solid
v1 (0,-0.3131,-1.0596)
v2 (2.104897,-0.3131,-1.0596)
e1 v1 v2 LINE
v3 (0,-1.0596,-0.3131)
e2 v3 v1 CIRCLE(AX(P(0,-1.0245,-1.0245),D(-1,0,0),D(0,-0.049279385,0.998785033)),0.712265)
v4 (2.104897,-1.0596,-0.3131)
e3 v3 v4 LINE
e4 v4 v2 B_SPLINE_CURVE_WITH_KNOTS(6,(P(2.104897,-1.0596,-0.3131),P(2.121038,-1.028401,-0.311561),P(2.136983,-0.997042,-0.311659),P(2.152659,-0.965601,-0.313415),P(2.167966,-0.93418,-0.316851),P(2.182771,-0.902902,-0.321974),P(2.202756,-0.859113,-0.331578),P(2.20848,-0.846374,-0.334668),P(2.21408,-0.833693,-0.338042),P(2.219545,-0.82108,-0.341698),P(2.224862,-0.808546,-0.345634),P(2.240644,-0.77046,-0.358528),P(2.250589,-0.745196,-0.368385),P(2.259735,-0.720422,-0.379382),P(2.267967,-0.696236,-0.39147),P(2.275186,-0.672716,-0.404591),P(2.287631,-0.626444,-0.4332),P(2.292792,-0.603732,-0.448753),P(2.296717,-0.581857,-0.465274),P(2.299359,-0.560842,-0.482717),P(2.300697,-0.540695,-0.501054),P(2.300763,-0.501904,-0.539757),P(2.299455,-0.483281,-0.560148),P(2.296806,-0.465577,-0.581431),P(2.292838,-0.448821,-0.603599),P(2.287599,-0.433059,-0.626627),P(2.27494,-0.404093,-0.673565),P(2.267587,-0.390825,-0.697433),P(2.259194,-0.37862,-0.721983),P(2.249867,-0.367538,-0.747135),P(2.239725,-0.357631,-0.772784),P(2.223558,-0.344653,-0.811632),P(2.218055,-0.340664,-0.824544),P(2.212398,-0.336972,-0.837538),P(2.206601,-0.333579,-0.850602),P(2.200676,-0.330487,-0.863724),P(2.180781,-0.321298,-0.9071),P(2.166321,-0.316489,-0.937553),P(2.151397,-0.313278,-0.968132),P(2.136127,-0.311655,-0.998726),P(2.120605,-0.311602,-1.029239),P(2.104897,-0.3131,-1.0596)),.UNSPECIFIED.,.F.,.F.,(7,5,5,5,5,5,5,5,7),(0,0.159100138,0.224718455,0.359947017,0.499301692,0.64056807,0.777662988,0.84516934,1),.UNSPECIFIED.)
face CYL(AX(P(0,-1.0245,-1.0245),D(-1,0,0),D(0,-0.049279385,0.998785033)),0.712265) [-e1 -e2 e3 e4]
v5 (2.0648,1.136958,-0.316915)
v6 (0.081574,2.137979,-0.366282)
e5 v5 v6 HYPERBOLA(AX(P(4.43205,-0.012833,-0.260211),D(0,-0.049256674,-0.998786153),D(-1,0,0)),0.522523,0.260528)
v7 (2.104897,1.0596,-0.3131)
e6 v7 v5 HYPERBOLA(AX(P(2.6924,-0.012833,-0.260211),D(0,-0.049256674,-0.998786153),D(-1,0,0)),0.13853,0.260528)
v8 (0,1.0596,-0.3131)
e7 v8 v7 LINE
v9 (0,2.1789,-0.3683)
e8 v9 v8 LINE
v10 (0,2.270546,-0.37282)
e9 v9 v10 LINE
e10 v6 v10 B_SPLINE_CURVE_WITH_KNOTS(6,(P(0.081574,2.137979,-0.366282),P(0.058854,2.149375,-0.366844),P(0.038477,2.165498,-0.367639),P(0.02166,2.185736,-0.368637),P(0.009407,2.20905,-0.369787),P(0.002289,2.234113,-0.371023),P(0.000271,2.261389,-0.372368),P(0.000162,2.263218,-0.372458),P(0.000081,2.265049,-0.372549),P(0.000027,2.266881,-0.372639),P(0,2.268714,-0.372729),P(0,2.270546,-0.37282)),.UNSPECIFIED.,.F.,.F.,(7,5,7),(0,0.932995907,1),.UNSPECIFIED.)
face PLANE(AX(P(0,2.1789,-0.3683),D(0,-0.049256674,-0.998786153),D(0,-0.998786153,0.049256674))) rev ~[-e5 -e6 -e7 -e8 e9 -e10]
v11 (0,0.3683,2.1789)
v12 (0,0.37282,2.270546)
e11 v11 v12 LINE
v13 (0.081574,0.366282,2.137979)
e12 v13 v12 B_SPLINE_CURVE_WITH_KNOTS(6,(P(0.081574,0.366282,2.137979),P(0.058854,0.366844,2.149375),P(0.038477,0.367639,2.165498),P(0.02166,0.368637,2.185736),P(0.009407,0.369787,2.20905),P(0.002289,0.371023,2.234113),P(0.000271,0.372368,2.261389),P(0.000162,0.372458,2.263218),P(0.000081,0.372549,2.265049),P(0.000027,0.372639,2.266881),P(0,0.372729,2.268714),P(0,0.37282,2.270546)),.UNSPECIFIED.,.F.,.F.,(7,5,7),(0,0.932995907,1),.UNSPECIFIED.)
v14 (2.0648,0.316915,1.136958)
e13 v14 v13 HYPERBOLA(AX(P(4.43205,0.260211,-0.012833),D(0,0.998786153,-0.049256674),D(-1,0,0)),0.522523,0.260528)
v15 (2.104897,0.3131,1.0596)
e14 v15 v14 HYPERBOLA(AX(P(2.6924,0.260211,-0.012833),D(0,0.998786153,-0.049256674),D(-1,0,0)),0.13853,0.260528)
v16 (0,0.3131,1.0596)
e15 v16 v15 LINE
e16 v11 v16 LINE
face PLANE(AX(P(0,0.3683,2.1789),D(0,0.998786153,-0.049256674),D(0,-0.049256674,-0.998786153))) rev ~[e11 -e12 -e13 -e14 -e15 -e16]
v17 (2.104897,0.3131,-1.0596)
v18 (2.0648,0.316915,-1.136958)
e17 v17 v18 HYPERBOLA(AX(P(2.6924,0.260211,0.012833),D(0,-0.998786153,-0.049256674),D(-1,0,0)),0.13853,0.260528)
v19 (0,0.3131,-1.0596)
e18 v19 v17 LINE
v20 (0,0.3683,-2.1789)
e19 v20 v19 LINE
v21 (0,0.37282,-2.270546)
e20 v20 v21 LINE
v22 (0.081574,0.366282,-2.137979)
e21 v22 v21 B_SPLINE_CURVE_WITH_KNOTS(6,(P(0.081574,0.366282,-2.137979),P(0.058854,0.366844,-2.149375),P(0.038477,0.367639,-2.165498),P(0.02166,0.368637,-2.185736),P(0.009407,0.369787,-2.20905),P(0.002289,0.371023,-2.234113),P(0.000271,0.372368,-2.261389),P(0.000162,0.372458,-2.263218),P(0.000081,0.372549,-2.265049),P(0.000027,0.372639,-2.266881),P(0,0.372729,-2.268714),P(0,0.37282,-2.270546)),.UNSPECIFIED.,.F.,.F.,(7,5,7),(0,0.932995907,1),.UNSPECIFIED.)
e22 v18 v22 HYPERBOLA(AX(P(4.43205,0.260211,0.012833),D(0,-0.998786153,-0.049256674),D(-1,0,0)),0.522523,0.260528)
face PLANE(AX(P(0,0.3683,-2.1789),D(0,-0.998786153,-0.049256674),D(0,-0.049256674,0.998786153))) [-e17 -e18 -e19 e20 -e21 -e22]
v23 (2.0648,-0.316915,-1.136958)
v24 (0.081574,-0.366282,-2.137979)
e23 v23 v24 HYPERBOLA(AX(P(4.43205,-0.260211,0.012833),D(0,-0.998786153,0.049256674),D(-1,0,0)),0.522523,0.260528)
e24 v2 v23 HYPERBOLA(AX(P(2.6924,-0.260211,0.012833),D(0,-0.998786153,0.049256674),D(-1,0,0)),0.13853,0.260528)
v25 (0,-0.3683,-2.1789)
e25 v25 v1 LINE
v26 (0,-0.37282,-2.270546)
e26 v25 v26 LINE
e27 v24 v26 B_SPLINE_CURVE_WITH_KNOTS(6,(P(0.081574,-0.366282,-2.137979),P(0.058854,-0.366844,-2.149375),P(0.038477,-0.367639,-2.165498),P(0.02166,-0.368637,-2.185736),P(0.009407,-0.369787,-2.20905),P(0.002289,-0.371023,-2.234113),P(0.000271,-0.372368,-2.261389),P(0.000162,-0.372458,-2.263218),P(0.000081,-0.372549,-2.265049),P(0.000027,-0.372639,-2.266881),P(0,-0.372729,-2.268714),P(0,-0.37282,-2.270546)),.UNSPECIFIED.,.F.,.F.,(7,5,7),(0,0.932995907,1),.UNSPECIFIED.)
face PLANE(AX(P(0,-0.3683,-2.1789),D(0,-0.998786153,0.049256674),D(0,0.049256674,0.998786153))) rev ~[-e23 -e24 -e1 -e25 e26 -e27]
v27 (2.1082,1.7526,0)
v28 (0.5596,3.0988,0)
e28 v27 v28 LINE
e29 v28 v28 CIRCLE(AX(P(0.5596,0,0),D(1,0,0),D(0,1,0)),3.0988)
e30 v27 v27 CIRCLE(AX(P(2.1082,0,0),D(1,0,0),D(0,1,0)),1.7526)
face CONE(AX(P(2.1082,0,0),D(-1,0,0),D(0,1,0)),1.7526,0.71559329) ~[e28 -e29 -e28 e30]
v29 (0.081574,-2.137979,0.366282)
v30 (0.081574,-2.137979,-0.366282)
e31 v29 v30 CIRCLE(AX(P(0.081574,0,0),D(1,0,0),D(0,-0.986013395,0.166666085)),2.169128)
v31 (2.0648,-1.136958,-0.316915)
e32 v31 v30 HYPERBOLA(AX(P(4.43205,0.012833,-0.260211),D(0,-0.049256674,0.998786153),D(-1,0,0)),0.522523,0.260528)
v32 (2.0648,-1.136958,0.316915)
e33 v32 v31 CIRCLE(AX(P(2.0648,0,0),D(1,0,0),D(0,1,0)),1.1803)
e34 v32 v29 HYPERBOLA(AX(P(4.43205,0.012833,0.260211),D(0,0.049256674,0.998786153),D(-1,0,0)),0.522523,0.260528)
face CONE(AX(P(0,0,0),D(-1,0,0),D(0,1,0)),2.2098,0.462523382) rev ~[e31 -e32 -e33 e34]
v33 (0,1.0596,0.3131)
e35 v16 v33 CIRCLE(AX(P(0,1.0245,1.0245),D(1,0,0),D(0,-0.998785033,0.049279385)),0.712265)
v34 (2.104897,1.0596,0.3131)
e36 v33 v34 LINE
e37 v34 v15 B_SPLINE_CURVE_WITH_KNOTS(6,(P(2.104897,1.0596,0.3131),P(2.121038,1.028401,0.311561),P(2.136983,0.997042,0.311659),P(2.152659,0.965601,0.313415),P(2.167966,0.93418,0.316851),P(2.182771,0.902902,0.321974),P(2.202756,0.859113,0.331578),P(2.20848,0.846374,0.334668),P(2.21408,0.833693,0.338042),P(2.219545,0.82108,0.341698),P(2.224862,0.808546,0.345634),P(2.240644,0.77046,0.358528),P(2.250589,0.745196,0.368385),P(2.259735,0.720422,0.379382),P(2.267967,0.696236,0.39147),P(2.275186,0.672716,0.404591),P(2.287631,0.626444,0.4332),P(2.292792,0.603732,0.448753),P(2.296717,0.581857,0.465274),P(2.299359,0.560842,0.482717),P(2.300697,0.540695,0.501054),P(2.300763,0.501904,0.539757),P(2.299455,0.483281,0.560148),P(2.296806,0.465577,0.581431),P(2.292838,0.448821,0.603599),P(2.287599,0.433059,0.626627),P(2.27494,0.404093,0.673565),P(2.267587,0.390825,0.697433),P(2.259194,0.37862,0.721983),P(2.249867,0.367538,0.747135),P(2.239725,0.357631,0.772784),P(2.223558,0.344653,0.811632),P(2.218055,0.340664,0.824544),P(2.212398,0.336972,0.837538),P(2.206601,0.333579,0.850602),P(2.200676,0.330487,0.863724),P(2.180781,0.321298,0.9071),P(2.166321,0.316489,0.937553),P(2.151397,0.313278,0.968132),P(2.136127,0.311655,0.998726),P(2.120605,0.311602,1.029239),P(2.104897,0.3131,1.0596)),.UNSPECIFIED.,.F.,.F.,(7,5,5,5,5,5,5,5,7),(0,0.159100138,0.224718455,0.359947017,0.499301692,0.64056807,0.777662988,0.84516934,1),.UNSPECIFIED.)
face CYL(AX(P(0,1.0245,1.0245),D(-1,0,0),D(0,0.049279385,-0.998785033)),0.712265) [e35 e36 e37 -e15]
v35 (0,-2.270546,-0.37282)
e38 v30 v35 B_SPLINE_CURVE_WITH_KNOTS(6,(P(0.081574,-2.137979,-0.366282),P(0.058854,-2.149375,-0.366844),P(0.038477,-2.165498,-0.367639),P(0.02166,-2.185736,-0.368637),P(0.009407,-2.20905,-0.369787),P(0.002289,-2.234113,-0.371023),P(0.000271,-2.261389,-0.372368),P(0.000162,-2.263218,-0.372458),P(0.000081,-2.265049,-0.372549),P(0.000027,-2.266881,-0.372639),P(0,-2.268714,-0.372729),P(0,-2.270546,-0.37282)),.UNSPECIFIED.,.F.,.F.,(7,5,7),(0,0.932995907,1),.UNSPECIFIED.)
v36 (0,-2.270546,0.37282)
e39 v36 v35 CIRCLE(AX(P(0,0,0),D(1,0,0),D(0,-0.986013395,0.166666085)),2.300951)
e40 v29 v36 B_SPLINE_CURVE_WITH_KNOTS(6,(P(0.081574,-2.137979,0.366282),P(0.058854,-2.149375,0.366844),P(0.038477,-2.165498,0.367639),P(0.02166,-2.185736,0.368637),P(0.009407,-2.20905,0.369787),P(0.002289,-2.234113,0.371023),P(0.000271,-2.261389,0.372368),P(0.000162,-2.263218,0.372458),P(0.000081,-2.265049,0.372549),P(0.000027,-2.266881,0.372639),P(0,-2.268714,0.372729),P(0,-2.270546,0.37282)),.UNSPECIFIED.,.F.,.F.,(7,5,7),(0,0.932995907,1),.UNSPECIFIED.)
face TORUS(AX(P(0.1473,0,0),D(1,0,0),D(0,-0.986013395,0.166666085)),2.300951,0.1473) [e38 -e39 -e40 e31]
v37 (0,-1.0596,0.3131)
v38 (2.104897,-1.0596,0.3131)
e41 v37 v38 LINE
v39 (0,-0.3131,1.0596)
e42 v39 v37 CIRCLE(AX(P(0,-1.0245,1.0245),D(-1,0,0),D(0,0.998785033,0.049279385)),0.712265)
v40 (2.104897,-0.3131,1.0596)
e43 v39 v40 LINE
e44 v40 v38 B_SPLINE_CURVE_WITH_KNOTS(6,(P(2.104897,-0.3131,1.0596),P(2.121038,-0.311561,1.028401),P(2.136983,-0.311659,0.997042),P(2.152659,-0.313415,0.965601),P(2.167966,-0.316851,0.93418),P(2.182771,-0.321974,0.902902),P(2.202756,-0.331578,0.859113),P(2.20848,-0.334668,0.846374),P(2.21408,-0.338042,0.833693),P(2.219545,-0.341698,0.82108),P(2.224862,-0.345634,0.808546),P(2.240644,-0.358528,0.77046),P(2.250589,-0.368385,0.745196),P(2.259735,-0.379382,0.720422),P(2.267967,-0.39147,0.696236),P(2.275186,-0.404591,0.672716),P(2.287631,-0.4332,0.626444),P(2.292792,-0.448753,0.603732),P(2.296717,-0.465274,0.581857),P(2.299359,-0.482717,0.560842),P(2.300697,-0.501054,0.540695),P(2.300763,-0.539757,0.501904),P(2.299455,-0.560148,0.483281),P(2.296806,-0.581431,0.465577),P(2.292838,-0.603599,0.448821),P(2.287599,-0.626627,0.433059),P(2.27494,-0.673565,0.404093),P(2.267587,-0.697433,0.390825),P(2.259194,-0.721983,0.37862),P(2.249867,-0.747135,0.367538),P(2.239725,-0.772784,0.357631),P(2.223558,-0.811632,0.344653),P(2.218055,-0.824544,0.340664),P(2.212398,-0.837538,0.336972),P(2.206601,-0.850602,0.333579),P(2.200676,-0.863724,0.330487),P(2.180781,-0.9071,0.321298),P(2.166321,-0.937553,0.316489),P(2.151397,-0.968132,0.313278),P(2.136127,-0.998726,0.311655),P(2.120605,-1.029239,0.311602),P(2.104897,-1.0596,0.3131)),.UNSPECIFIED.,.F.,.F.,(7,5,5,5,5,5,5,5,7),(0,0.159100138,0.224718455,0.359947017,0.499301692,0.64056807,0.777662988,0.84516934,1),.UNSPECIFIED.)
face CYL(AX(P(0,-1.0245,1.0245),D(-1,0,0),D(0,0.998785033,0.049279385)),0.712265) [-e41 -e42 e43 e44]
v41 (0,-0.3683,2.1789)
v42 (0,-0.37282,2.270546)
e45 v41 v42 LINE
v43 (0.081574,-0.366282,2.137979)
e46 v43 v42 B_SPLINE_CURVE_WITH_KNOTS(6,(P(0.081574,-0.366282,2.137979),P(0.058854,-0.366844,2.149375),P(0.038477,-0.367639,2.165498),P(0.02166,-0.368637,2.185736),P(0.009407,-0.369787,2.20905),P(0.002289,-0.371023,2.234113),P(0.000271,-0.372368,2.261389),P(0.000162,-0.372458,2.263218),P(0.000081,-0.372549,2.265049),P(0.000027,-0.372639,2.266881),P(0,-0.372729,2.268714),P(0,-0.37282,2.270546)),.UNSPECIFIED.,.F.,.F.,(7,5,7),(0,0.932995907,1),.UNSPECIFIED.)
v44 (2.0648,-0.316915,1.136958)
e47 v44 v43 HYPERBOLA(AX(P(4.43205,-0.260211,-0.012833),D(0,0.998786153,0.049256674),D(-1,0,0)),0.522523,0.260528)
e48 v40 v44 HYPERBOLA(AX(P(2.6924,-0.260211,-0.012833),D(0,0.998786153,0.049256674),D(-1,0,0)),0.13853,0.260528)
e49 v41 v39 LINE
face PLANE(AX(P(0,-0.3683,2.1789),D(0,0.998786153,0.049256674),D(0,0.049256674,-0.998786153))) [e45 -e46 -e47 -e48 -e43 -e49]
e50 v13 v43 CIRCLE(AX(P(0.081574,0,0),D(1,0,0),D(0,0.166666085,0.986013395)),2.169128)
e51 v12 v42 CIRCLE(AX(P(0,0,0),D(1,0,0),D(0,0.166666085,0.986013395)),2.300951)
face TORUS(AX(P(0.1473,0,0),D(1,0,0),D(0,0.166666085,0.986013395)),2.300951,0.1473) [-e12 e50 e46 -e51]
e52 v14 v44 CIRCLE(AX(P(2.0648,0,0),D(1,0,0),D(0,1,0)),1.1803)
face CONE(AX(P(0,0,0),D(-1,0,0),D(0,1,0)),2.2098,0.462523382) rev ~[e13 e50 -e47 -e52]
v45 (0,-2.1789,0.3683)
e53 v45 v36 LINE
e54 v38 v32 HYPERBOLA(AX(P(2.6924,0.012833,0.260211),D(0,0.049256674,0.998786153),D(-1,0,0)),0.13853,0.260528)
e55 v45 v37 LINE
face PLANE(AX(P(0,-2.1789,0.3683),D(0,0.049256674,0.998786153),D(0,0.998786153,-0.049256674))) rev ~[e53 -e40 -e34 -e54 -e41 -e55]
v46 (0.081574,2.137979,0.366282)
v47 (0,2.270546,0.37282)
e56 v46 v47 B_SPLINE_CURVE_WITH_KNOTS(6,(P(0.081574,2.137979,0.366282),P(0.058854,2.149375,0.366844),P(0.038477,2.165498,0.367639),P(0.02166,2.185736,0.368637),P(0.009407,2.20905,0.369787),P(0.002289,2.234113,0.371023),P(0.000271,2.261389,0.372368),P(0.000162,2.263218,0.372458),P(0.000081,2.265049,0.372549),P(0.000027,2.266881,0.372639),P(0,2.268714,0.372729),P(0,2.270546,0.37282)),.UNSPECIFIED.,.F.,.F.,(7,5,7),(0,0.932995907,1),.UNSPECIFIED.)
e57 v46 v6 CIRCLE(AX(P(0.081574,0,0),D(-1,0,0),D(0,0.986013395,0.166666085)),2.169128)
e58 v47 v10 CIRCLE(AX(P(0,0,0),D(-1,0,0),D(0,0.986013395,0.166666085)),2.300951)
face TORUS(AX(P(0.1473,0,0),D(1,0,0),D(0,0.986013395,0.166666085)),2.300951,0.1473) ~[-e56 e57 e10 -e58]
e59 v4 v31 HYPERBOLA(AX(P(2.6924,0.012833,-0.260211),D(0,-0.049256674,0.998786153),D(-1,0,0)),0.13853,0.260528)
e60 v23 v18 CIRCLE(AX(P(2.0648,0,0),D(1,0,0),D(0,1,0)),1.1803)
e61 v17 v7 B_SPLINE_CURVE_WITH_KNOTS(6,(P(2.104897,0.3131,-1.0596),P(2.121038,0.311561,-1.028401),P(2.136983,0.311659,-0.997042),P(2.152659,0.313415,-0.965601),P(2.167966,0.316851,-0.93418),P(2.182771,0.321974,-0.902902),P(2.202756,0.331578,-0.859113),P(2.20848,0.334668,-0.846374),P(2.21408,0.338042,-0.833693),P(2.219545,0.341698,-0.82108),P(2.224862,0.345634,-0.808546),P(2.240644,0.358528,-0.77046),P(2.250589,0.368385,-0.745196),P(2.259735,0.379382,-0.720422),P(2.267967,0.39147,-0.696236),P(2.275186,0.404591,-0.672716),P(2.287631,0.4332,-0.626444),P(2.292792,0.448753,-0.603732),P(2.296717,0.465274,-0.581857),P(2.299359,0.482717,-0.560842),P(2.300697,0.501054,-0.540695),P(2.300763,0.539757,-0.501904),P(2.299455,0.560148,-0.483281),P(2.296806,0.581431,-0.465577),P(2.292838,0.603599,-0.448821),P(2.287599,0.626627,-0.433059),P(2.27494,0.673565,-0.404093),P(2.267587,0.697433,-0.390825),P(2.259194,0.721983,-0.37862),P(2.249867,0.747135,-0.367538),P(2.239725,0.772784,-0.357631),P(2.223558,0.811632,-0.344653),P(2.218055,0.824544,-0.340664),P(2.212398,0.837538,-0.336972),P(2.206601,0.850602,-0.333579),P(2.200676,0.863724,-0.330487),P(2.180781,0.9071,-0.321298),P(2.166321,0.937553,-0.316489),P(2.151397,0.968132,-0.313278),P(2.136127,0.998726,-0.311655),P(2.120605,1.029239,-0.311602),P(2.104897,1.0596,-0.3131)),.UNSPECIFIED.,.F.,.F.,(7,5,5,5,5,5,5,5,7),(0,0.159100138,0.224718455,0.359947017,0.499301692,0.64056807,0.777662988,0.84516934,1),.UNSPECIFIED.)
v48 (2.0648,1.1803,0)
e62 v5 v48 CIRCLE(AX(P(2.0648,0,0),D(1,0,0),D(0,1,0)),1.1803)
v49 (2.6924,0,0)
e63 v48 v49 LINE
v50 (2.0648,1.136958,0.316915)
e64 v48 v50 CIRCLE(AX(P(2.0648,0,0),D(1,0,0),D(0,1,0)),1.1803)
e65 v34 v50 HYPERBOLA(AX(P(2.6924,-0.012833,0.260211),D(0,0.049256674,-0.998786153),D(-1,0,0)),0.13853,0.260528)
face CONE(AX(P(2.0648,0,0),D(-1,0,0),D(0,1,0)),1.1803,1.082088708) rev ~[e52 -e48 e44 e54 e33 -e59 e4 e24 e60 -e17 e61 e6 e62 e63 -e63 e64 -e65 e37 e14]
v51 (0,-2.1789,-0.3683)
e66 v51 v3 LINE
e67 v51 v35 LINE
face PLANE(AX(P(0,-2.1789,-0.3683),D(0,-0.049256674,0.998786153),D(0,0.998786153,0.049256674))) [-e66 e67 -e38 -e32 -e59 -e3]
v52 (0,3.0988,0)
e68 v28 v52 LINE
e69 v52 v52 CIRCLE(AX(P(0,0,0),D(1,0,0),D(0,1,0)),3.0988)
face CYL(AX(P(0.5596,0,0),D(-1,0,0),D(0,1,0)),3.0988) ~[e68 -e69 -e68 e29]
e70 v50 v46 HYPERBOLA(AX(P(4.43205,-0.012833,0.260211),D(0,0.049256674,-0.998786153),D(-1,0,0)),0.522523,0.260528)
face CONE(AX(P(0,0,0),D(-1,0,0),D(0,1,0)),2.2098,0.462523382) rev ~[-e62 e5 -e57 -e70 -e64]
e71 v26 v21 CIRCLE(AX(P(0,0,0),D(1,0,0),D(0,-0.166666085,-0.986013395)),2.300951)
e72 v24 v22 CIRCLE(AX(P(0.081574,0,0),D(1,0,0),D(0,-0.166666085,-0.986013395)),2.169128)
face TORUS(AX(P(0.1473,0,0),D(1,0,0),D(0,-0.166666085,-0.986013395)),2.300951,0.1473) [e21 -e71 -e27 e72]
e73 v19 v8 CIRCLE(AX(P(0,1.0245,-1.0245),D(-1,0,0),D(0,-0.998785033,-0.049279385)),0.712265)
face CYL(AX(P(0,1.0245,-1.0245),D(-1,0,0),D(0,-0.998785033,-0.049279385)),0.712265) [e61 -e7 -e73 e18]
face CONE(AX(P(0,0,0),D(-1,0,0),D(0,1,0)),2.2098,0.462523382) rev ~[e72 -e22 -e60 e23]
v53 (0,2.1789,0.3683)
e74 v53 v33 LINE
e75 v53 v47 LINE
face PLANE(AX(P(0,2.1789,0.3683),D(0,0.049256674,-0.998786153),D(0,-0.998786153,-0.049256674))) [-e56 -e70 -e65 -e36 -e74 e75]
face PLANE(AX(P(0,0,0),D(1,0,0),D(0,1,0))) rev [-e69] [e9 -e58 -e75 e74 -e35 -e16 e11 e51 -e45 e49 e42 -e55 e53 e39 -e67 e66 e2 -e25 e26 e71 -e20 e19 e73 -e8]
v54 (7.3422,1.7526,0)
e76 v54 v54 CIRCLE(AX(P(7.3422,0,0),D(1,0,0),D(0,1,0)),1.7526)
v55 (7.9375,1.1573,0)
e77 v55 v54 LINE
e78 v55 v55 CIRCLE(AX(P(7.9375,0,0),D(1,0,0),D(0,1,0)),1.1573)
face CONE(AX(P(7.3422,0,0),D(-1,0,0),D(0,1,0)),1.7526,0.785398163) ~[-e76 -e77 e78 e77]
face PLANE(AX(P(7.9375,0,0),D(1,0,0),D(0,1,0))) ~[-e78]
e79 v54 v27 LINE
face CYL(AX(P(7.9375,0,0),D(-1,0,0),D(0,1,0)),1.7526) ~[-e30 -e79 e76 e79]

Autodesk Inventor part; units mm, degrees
ref_plane "YZ Plane" through (0, 0, 0) normal (1, 0, 0) x (0, 1, 0)
ref_plane "XZ Plane" through (0, 0, 0) normal (0, 1, 0) x (-1, 0, 0)
sketch "Sketch1" plane through (0, 0, 0) normal (0, 0, 1) x (1, 0, 0)
  line L0 (2.6924, 0) -> (7.9375, 0)
  line L1 (7.9375, 0) -> (7.9375, 1.7526)
  line L2 (7.9375, 1.7526) -> (2.1082, 1.7526)
  line L3 (0.5596, 3.0988) -> (0, 3.0988)
  line L4 (-1.5875, 0) -> (9.525, 0) projected
  line L5 (0, -0.6198) -> (0, 3.7186) projected
  line L6 (0, 2.2098) -> (2.0648, 1.1803)
  line L7 (2.0648, 1.1803) -> (2.6924, 0)
  line L8 (2.1082, 1.7526) -> (0.5596, 3.0988)
  line L9 (0, 3.0988) -> (0, 2.2098)
  dimension "d2" = 3.5052
  dimension "d3" = 6.1976
  dimension "d4" = 2.6924
  dimension "d5" = 4.4196
  dimension "d6" = 26.5
  dimension "d7" = 62
  dimension "d13" = 41
  dimension "d14" = 2.1082
  dimension "d15" = 7.9375
revolve "Body" add sketch "Sketch1" angle 360 about axis through (2.6924, 0, 0) along (1, 0, 0) contours L7 L6 L5 L3 L8 L2 L1 L0
sketch "Sketch2" plane through (0, 0, 0) normal (-1, 0, 0) x (0, 0, 1)
  line L0 (0, -4.3383) -> (0, 4.3383) projected
  line L1 (-4.3383, 0) -> (4.3383, 0) projected
  line L2 (0, 2.2098) -> (0, 0) construction
  line L3 (0, 0) -> (2.2098, 0) construction
  arc A0 (0.7366, 0) -> (0, 0.7366) centre (0, 0) ccw
  line L4 (0, 0) -> (0.7947, 0.7947) construction
  arc A1 (1.1049, 0) -> (0, 1.1049) centre (0, 0) ccw construction
  line L5 (0.3683, 2.1789) -> (0.3131, 1.0596)
  line L6 (2.1789, 0.3683) -> (1.0596, 0.3131)
  arc A2 (0.3131, 1.0596) -> (1.0596, 0.3131) centre (1.0245, 1.0245) ccw
  arc A3 (2.2098, 0) -> (2.1789, 0.3683) centre (0, 0) ccw
  arc A4 (0.3683, 2.1789) -> (0, 2.2098) centre (0, 0) ccw
  arc A5 (2.1789, 0.3683) -> (0.3683, 2.1789) centre (0, 0) ccw
  line L7 (0.3683, -2.1789) -> (0.3131, -1.0596)
  line L8 (2.1789, -0.3683) -> (1.0596, -0.3131)
  arc A6 (1.0596, -0.3131) -> (0.3131, -1.0596) centre (1.0245, -1.0245) ccw
  arc A7 (2.1789, -0.3683) -> (2.2098, 0) centre (0, 0) ccw
  arc A8 (0, -2.2098) -> (0.3683, -2.1789) centre (0, 0) ccw
  arc A9 (0.3683, -2.1789) -> (2.1789, -0.3683) centre (0, 0) ccw
  line L9 (-0.3683, 2.1789) -> (-0.3131, 1.0596)
  line L10 (-2.1789, 0.3683) -> (-1.0596, 0.3131)
  arc A10 (-1.0596, 0.3131) -> (-0.3131, 1.0596) centre (-1.0245, 1.0245) ccw
  arc A11 (-2.1789, 0.3683) -> (-2.2098, 0) centre (0, 0) ccw
  arc A12 (0, 2.2098) -> (-0.3683, 2.1789) centre (0, 0) ccw
  arc A13 (-0.3683, 2.1789) -> (-2.1789, 0.3683) centre (0, 0) ccw
  arc A14 (-2.1789, -0.3683) -> (-0.3683, -2.1789) centre (0, 0) ccw
  arc A15 (-0.3683, -2.1789) -> (0, -2.2098) centre (0, 0) ccw
  arc A16 (-2.2098, 0) -> (-2.1789, -0.3683) centre (0, 0) ccw
  line L11 (-2.1789, -0.3683) -> (-1.0596, -0.3131)
  arc A17 (-0.3131, -1.0596) -> (-1.0596, -0.3131) centre (-1.0245, -1.0245) ccw
  line L12 (-0.3683, -2.1789) -> (-0.3131, -1.0596)
  dimension "d18" = 45
  dimension "d19" = 1.4732
  dimension "d20" = 2.2098
  dimension "d21" = 4.4196
  dimension "d22" = 0.3683
extrude "Slot" add sketch "Sketch2" against normal up to next contours A2 L5 A5 L6 | L9 A10 L10 A13 | L7 A6 L8 A9 | A14 L11 A17 L12
fillet "Fillet1" radius 0.1473 4 edges at (0, 2.2098, 0) (0, 0, 2.2098) (0, -2.2098, 0) (0, 0, -2.2098)
thread "Thread" size "6-32 UNC" class "2A" standard "ANSI Unified Screw Threads" length 3.8449
chamfer "Chamfer1" distance 0.5953 distance2 0.5953 1 edges at (7.9375, -1.7526, 0) measured on face at (7.9375, -0.6726, -0.7284)
ref_plane "Work Plane2" through (2.032, 0, 0) normal (0, 1, 0) x (1, 0, 0)
equation "\"d2\" = GD"
equation "\"d3\" = KOD"
equation "\"d4\" = INTI"
equation "\"d5\" = SDM"
equation "\"d13\" = 0.5 * SEWI"
equation "\"d14\" = KOH"
equation "\"d15\" = NLG"
equation "\"d19\" = 0.333333 * SDM"
equation "\"d20\" = 0.5 * SDM"
equation "\"d21\" = SDM"
equation "\"d22\" = 0.5 * SBR"
equation "\"d45\" = INTI"
equation "\"d25\" = 0.2 * SBR"
equation "\"d9\" = GEL"
equation "\"d11\" = -0.5 * SPD + 0.5 * GD"
equation "\"d12\" = GUL"
equation "\"GD\" = NND"
equation "\"NLG\" = 7.9375"
equation "\"GEL\" = 3.84492"
equation "\"KOD\" = 6.1976"
equation "\"KOH\" = 2.1082"
equation "\"SDM\" = 4.4196"
equation "\"INTI\" = 2.6924"
equation "\"SBR\" = 0.7366"
equation "\"GUL\" = 0.75 * GAL"
equation "\"SPD\" = 2.31458"
equation "\"SEWI\" = 82deg"
equation "\"d0\" = NLG"
equation "\"d1\" = KOH"
equation "\"d17\" = SDM"
equation "\"TOA\" = 30deg"
equation "\"THREADDIA\" = 3.5052"
equation "\"BDM\" = NND"
equation "\"NND\" = 3.5052"
equation "\"GAL\" = 0.79375"
equation "\"GD1\" = SPD"
properties part number "ANSI B18.6.3 - 6-32 x 5/16, CRFCHMSTII(5)" material "Steel, Mild"
